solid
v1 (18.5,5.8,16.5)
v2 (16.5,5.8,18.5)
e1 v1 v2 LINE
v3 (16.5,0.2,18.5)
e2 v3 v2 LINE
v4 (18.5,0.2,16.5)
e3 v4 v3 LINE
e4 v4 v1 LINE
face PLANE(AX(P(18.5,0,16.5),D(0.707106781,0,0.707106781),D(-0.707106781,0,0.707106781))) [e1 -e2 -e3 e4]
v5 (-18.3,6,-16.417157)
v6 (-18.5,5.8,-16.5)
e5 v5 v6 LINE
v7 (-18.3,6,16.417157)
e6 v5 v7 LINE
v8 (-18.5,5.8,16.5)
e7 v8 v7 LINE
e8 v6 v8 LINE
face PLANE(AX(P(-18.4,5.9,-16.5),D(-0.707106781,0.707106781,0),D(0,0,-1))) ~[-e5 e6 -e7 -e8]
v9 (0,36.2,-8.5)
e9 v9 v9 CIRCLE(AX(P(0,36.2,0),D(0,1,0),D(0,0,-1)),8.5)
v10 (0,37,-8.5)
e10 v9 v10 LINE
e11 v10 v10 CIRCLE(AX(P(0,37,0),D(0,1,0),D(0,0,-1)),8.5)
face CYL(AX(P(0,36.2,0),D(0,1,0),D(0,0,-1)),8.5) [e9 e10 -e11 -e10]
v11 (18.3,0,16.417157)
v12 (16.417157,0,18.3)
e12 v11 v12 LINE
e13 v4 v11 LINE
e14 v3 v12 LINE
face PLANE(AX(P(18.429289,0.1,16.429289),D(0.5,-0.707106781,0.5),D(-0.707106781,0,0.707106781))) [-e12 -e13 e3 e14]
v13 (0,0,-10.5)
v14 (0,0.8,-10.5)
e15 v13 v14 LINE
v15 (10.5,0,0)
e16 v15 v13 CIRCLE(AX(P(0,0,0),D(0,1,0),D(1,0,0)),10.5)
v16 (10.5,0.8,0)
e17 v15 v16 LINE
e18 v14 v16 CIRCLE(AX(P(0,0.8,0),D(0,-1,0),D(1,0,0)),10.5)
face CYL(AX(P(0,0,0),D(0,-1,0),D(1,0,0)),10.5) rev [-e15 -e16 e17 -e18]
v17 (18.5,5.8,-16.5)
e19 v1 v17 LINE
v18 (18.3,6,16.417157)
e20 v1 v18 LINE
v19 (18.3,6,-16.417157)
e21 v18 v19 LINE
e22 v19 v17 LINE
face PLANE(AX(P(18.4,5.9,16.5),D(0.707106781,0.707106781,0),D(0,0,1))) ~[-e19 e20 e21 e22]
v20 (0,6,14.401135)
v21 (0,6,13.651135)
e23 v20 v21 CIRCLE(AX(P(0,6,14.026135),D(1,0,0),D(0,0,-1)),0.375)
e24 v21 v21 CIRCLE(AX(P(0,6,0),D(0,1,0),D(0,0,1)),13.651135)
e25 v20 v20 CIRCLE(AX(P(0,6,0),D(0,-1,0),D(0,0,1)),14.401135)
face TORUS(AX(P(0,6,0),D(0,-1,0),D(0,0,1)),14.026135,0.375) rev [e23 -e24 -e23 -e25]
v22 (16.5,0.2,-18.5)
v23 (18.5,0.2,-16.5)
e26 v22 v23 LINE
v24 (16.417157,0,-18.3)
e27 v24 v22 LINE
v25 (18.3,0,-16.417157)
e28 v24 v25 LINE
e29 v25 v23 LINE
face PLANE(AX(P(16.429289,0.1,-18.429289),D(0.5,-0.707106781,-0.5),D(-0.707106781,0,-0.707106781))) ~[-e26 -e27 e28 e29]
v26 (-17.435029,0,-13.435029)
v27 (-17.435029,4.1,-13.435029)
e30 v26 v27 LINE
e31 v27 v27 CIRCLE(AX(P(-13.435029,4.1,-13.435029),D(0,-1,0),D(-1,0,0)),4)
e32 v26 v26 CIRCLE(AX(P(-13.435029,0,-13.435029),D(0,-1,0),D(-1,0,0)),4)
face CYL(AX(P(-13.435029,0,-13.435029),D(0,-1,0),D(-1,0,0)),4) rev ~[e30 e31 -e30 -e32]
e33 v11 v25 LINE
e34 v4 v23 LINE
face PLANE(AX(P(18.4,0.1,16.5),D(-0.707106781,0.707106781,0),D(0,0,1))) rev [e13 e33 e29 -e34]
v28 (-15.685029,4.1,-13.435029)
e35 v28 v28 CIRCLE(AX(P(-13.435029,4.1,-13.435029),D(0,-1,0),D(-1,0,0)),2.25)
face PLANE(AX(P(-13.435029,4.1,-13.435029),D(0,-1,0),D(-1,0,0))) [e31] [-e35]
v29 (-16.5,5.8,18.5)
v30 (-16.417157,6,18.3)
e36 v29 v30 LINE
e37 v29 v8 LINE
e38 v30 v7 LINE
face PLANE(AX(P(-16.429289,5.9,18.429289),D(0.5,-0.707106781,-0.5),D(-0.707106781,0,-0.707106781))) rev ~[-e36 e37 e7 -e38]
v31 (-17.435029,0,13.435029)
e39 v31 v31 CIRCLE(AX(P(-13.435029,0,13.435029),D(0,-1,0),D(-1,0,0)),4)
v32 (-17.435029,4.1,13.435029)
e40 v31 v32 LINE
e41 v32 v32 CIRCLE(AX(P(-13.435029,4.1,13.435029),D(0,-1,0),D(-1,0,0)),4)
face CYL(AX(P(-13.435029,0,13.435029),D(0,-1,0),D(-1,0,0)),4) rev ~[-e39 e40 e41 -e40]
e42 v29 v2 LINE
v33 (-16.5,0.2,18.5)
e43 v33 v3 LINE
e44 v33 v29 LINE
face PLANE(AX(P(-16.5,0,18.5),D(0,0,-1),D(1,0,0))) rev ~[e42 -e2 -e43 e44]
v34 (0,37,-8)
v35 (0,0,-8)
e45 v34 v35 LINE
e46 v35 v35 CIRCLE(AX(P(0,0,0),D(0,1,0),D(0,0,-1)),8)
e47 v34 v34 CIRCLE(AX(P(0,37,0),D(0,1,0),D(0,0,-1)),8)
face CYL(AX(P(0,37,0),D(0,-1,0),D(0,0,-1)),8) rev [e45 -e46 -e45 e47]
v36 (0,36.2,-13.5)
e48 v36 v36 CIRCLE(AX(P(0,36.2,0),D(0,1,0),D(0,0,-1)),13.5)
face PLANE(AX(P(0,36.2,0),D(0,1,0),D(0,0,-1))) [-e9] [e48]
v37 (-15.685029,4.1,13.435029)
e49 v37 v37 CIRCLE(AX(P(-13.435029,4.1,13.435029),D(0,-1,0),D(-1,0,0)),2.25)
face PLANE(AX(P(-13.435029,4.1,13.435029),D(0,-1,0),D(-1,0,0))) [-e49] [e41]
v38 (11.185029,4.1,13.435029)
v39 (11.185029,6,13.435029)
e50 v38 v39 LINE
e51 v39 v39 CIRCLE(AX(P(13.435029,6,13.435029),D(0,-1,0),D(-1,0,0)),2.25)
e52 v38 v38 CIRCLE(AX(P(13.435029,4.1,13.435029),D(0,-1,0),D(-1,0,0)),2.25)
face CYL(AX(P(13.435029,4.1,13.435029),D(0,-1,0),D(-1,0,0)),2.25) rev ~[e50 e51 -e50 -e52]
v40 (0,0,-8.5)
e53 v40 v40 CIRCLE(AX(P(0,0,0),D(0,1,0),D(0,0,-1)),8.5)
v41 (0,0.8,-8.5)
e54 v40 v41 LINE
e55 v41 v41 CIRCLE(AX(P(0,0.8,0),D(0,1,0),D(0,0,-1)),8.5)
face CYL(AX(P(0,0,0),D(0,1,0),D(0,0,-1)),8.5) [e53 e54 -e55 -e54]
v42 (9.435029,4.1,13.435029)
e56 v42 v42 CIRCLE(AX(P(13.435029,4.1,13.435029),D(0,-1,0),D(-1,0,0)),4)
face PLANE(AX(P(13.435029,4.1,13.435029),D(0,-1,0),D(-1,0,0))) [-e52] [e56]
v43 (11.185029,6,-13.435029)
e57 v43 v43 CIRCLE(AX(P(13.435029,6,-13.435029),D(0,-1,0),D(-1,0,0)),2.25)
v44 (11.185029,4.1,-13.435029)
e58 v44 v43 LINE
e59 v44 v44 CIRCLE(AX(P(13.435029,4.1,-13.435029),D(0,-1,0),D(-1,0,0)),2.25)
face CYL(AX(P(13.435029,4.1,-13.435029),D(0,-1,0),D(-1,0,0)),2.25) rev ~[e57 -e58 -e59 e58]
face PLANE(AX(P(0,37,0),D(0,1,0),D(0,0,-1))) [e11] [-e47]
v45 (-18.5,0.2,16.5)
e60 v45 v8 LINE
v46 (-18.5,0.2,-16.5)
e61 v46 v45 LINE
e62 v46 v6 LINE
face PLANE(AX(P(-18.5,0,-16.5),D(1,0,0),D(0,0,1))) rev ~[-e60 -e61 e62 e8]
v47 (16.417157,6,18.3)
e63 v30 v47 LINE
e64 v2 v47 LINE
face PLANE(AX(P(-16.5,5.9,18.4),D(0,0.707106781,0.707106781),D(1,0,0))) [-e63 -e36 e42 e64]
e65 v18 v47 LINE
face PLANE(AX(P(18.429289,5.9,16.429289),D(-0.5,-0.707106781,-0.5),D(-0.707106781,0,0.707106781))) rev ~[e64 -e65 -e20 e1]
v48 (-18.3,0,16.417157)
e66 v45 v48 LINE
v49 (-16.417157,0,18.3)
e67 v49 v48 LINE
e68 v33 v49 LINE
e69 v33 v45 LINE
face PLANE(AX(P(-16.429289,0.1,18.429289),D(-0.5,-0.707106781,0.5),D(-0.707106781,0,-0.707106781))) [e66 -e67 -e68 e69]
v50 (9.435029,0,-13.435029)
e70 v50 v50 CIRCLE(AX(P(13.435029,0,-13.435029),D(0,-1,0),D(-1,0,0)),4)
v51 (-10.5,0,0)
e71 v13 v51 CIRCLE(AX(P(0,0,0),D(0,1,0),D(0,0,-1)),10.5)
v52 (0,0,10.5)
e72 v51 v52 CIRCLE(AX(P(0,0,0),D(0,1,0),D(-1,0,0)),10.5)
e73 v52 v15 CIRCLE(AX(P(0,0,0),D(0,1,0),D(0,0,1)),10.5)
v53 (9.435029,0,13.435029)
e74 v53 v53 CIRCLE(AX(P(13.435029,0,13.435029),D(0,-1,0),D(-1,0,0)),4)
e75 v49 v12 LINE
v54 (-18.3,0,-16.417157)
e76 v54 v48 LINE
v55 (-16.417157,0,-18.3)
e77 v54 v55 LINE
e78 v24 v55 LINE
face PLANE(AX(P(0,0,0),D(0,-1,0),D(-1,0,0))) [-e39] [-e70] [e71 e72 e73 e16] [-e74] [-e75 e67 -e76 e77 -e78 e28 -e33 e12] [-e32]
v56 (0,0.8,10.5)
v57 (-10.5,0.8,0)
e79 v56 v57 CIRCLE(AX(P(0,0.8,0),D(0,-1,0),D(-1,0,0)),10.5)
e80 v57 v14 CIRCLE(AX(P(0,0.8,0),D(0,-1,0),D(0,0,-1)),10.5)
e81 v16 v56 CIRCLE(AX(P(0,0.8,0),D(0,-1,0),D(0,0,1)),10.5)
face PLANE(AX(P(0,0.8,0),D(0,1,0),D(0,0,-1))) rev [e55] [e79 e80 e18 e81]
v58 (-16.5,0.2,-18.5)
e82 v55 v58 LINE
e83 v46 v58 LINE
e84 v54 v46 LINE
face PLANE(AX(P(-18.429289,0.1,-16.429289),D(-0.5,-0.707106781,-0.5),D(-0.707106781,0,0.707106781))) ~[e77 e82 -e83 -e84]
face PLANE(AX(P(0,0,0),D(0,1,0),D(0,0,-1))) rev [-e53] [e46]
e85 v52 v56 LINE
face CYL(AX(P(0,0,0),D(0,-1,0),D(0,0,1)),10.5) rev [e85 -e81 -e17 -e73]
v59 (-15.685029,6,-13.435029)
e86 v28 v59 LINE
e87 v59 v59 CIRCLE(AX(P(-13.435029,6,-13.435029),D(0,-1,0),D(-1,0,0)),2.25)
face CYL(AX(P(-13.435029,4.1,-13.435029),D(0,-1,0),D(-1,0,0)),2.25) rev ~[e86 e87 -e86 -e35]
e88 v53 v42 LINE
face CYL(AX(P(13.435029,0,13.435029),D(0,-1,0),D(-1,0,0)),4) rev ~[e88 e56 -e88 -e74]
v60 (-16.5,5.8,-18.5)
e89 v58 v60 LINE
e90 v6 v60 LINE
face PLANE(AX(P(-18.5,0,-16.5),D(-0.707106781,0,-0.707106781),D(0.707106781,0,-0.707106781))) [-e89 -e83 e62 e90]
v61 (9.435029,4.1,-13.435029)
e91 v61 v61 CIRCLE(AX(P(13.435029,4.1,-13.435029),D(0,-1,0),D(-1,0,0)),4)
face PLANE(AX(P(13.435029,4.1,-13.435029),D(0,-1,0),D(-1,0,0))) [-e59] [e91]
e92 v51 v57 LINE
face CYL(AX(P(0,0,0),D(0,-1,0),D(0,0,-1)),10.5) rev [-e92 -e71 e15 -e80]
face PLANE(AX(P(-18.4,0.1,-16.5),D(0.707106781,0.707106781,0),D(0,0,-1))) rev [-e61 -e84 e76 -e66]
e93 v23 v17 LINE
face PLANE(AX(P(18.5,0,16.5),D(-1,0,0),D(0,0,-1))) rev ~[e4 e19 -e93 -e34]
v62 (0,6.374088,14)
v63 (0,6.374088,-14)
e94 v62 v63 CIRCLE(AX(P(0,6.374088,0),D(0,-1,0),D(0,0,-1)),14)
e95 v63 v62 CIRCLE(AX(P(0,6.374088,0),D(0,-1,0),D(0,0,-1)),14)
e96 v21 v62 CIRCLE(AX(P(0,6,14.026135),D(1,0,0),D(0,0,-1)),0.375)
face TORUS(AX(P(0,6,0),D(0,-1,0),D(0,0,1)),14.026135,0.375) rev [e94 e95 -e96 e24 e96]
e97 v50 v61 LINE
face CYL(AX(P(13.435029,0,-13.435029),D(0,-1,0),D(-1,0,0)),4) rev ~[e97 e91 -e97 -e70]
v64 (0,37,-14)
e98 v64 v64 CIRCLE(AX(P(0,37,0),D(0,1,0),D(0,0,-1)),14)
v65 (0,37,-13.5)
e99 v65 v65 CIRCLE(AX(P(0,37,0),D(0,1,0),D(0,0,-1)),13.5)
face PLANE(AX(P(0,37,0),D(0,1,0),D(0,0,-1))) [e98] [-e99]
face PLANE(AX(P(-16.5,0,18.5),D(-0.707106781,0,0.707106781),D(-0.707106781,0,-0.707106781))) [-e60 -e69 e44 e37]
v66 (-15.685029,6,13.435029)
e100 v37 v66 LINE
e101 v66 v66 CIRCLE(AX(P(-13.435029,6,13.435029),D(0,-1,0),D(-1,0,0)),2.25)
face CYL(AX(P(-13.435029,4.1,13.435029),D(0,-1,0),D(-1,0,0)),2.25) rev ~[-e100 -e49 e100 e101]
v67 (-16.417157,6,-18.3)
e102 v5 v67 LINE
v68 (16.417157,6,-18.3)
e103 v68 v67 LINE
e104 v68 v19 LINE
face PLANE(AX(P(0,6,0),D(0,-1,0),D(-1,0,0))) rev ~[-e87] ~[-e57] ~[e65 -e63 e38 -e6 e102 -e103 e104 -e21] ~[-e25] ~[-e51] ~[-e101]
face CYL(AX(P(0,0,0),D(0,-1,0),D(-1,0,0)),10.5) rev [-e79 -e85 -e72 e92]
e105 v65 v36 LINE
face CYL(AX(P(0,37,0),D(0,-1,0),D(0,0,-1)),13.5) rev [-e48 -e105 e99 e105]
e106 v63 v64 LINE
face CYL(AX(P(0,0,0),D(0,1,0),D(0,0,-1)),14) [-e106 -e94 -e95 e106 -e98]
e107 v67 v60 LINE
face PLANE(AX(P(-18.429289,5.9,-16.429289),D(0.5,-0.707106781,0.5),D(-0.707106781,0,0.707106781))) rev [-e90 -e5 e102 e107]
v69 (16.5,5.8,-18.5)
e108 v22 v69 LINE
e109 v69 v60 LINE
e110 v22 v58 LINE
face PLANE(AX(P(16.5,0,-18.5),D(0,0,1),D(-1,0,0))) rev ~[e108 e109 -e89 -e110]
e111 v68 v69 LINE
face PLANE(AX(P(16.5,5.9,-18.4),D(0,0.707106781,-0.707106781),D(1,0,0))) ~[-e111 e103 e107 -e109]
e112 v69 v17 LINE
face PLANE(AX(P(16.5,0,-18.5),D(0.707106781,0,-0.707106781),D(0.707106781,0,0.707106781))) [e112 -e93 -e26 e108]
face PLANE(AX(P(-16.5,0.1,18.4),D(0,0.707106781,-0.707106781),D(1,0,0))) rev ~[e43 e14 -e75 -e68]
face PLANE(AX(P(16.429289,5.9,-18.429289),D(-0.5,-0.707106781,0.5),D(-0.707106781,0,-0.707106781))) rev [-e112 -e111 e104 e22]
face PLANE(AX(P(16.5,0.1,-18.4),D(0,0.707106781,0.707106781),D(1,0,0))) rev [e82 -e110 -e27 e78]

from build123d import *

# Parameters (mm, degrees)
FLANGE_DEPTH         = 6
SKETCH9_R            = 4
COUNTERBORE_DEPTH    = 4.1
SKETCH10_R           = 2.25
MOUNTING_HOLES_DEPTH = 33.9
SKETCH11_R           = 0.375
CHAMFER1_SIZE        = 0.2


with BuildPart() as part:
    # Sketch5 → Bearing Body (revolve)
    with BuildSketch(Plane(origin=(0, 0, 0), x_dir=(0, 0, -1), z_dir=(1, 0, 0))):
        Polygon((8.5, 37), (8, 37), (8, 0), (8.5, 0), (8.5, 0.8), (13.5, 0.8), (13.5, 0), (14, 0), (14, 37), (13.5, 37), (13.5, 36.2), (8.5, 36.2), align=None)
    revolve(axis=Axis((0, 0, 0), (0, 1, 0)))

    # Sketch8 → Flange (add)
    with BuildSketch(Plane(origin=(0, 0, 0), x_dir=(1, 0, 0), z_dir=(0, 1, 0))):
        Polygon((0, -18.5), (-16.5, -18.5), (-18.5, -16.5), (-18.5, 0), (-18.5, 16.5), (-16.5, 18.5), (0, 18.5), (16.5, 18.5), (18.5, 16.5), (18.5, 0), (18.5, -16.5), (16.5, -18.5), align=None)
        with BuildLine():
            ThreePointArc((-10.5, 0), (-7.424621202, -7.424621202), (0, -10.5))
            ThreePointArc((0, -10.5), (7.424621202, -7.424621202), (10.5, 0))
            ThreePointArc((10.5, 0), (7.424621202, 7.424621202), (0, 10.5))
            ThreePointArc((0, 10.5), (-7.424621202, 7.424621202), (-10.5, 0))
        make_face(mode=Mode.SUBTRACT)
    extrude(amount=FLANGE_DEPTH)

    # Sketch9 → Counterbore (cut)
    with BuildSketch(Plane(origin=(0, 0, 0), x_dir=(-1, 0, 0), z_dir=(0, -1, 0))):
        with Locations((13.435028843, -13.435028843)):
            Circle(SKETCH9_R)
        with Locations((-13.435028843, -13.435028843)):
            Circle(SKETCH9_R)
        with Locations((-13.435028843, 13.435028843)):
            Circle(SKETCH9_R)
        with Locations((13.435028843, 13.435028843)):
            Circle(SKETCH9_R)
    extrude(amount=-COUNTERBORE_DEPTH, mode=Mode.SUBTRACT)

    # Sketch10 → Mounting Holes (cut, through all)
    with BuildSketch(Plane(origin=(0, 4.1, 0), x_dir=(-1, 0, 0), z_dir=(0, -1, 0))):
        with Locations((13.435028843, 13.435028843)):
            Circle(SKETCH10_R)
        with Locations((13.435028843, -13.435028843)):
            Circle(SKETCH10_R)
        with Locations((-13.435028843, -13.435028843)):
            Circle(SKETCH10_R)
        with Locations((-13.435028843, 13.435028843)):
            Circle(SKETCH10_R)
    extrude(amount=-MOUNTING_HOLES_DEPTH, mode=Mode.SUBTRACT)

    # Sketch11 → Relief (revolve, cut)
    with BuildSketch(Plane(origin=(0, 0, 0), x_dir=(0, 0, -1), z_dir=(1, 0, 0))):
        with Locations((-14.026134699, 6)):
            Circle(SKETCH11_R)
    revolve(axis=Axis((0, 0, 0), (0, 1, 0)), mode=Mode.SUBTRACT)

    # Chamfer1
    chamfer1_edges = [part.edges().sort_by_distance(p)[0] for p in [
        (-17.5, 6, 17.5),
        (0, 6, 18.5),
        (17.5, 6, 17.5),
        (18.5, 6, 0),
        (17.5, 6, -17.5),
        (0, 6, -18.5),
        (-17.5, 6, -17.5),
        (-18.5, 6, 0),
        (-17.5, 0, 17.5),
        (0, 0, 18.5),
        (17.5, 0, 17.5),
        (18.5, 0, 0),
        (17.5, 0, -17.5),
        (0, 0, -18.5),
        (-17.5, 0, -17.5),
        (-18.5, 0, 0),
    ]]
    chamfer(chamfer1_edges, length=CHAMFER1_SIZE)


solid = part.part
